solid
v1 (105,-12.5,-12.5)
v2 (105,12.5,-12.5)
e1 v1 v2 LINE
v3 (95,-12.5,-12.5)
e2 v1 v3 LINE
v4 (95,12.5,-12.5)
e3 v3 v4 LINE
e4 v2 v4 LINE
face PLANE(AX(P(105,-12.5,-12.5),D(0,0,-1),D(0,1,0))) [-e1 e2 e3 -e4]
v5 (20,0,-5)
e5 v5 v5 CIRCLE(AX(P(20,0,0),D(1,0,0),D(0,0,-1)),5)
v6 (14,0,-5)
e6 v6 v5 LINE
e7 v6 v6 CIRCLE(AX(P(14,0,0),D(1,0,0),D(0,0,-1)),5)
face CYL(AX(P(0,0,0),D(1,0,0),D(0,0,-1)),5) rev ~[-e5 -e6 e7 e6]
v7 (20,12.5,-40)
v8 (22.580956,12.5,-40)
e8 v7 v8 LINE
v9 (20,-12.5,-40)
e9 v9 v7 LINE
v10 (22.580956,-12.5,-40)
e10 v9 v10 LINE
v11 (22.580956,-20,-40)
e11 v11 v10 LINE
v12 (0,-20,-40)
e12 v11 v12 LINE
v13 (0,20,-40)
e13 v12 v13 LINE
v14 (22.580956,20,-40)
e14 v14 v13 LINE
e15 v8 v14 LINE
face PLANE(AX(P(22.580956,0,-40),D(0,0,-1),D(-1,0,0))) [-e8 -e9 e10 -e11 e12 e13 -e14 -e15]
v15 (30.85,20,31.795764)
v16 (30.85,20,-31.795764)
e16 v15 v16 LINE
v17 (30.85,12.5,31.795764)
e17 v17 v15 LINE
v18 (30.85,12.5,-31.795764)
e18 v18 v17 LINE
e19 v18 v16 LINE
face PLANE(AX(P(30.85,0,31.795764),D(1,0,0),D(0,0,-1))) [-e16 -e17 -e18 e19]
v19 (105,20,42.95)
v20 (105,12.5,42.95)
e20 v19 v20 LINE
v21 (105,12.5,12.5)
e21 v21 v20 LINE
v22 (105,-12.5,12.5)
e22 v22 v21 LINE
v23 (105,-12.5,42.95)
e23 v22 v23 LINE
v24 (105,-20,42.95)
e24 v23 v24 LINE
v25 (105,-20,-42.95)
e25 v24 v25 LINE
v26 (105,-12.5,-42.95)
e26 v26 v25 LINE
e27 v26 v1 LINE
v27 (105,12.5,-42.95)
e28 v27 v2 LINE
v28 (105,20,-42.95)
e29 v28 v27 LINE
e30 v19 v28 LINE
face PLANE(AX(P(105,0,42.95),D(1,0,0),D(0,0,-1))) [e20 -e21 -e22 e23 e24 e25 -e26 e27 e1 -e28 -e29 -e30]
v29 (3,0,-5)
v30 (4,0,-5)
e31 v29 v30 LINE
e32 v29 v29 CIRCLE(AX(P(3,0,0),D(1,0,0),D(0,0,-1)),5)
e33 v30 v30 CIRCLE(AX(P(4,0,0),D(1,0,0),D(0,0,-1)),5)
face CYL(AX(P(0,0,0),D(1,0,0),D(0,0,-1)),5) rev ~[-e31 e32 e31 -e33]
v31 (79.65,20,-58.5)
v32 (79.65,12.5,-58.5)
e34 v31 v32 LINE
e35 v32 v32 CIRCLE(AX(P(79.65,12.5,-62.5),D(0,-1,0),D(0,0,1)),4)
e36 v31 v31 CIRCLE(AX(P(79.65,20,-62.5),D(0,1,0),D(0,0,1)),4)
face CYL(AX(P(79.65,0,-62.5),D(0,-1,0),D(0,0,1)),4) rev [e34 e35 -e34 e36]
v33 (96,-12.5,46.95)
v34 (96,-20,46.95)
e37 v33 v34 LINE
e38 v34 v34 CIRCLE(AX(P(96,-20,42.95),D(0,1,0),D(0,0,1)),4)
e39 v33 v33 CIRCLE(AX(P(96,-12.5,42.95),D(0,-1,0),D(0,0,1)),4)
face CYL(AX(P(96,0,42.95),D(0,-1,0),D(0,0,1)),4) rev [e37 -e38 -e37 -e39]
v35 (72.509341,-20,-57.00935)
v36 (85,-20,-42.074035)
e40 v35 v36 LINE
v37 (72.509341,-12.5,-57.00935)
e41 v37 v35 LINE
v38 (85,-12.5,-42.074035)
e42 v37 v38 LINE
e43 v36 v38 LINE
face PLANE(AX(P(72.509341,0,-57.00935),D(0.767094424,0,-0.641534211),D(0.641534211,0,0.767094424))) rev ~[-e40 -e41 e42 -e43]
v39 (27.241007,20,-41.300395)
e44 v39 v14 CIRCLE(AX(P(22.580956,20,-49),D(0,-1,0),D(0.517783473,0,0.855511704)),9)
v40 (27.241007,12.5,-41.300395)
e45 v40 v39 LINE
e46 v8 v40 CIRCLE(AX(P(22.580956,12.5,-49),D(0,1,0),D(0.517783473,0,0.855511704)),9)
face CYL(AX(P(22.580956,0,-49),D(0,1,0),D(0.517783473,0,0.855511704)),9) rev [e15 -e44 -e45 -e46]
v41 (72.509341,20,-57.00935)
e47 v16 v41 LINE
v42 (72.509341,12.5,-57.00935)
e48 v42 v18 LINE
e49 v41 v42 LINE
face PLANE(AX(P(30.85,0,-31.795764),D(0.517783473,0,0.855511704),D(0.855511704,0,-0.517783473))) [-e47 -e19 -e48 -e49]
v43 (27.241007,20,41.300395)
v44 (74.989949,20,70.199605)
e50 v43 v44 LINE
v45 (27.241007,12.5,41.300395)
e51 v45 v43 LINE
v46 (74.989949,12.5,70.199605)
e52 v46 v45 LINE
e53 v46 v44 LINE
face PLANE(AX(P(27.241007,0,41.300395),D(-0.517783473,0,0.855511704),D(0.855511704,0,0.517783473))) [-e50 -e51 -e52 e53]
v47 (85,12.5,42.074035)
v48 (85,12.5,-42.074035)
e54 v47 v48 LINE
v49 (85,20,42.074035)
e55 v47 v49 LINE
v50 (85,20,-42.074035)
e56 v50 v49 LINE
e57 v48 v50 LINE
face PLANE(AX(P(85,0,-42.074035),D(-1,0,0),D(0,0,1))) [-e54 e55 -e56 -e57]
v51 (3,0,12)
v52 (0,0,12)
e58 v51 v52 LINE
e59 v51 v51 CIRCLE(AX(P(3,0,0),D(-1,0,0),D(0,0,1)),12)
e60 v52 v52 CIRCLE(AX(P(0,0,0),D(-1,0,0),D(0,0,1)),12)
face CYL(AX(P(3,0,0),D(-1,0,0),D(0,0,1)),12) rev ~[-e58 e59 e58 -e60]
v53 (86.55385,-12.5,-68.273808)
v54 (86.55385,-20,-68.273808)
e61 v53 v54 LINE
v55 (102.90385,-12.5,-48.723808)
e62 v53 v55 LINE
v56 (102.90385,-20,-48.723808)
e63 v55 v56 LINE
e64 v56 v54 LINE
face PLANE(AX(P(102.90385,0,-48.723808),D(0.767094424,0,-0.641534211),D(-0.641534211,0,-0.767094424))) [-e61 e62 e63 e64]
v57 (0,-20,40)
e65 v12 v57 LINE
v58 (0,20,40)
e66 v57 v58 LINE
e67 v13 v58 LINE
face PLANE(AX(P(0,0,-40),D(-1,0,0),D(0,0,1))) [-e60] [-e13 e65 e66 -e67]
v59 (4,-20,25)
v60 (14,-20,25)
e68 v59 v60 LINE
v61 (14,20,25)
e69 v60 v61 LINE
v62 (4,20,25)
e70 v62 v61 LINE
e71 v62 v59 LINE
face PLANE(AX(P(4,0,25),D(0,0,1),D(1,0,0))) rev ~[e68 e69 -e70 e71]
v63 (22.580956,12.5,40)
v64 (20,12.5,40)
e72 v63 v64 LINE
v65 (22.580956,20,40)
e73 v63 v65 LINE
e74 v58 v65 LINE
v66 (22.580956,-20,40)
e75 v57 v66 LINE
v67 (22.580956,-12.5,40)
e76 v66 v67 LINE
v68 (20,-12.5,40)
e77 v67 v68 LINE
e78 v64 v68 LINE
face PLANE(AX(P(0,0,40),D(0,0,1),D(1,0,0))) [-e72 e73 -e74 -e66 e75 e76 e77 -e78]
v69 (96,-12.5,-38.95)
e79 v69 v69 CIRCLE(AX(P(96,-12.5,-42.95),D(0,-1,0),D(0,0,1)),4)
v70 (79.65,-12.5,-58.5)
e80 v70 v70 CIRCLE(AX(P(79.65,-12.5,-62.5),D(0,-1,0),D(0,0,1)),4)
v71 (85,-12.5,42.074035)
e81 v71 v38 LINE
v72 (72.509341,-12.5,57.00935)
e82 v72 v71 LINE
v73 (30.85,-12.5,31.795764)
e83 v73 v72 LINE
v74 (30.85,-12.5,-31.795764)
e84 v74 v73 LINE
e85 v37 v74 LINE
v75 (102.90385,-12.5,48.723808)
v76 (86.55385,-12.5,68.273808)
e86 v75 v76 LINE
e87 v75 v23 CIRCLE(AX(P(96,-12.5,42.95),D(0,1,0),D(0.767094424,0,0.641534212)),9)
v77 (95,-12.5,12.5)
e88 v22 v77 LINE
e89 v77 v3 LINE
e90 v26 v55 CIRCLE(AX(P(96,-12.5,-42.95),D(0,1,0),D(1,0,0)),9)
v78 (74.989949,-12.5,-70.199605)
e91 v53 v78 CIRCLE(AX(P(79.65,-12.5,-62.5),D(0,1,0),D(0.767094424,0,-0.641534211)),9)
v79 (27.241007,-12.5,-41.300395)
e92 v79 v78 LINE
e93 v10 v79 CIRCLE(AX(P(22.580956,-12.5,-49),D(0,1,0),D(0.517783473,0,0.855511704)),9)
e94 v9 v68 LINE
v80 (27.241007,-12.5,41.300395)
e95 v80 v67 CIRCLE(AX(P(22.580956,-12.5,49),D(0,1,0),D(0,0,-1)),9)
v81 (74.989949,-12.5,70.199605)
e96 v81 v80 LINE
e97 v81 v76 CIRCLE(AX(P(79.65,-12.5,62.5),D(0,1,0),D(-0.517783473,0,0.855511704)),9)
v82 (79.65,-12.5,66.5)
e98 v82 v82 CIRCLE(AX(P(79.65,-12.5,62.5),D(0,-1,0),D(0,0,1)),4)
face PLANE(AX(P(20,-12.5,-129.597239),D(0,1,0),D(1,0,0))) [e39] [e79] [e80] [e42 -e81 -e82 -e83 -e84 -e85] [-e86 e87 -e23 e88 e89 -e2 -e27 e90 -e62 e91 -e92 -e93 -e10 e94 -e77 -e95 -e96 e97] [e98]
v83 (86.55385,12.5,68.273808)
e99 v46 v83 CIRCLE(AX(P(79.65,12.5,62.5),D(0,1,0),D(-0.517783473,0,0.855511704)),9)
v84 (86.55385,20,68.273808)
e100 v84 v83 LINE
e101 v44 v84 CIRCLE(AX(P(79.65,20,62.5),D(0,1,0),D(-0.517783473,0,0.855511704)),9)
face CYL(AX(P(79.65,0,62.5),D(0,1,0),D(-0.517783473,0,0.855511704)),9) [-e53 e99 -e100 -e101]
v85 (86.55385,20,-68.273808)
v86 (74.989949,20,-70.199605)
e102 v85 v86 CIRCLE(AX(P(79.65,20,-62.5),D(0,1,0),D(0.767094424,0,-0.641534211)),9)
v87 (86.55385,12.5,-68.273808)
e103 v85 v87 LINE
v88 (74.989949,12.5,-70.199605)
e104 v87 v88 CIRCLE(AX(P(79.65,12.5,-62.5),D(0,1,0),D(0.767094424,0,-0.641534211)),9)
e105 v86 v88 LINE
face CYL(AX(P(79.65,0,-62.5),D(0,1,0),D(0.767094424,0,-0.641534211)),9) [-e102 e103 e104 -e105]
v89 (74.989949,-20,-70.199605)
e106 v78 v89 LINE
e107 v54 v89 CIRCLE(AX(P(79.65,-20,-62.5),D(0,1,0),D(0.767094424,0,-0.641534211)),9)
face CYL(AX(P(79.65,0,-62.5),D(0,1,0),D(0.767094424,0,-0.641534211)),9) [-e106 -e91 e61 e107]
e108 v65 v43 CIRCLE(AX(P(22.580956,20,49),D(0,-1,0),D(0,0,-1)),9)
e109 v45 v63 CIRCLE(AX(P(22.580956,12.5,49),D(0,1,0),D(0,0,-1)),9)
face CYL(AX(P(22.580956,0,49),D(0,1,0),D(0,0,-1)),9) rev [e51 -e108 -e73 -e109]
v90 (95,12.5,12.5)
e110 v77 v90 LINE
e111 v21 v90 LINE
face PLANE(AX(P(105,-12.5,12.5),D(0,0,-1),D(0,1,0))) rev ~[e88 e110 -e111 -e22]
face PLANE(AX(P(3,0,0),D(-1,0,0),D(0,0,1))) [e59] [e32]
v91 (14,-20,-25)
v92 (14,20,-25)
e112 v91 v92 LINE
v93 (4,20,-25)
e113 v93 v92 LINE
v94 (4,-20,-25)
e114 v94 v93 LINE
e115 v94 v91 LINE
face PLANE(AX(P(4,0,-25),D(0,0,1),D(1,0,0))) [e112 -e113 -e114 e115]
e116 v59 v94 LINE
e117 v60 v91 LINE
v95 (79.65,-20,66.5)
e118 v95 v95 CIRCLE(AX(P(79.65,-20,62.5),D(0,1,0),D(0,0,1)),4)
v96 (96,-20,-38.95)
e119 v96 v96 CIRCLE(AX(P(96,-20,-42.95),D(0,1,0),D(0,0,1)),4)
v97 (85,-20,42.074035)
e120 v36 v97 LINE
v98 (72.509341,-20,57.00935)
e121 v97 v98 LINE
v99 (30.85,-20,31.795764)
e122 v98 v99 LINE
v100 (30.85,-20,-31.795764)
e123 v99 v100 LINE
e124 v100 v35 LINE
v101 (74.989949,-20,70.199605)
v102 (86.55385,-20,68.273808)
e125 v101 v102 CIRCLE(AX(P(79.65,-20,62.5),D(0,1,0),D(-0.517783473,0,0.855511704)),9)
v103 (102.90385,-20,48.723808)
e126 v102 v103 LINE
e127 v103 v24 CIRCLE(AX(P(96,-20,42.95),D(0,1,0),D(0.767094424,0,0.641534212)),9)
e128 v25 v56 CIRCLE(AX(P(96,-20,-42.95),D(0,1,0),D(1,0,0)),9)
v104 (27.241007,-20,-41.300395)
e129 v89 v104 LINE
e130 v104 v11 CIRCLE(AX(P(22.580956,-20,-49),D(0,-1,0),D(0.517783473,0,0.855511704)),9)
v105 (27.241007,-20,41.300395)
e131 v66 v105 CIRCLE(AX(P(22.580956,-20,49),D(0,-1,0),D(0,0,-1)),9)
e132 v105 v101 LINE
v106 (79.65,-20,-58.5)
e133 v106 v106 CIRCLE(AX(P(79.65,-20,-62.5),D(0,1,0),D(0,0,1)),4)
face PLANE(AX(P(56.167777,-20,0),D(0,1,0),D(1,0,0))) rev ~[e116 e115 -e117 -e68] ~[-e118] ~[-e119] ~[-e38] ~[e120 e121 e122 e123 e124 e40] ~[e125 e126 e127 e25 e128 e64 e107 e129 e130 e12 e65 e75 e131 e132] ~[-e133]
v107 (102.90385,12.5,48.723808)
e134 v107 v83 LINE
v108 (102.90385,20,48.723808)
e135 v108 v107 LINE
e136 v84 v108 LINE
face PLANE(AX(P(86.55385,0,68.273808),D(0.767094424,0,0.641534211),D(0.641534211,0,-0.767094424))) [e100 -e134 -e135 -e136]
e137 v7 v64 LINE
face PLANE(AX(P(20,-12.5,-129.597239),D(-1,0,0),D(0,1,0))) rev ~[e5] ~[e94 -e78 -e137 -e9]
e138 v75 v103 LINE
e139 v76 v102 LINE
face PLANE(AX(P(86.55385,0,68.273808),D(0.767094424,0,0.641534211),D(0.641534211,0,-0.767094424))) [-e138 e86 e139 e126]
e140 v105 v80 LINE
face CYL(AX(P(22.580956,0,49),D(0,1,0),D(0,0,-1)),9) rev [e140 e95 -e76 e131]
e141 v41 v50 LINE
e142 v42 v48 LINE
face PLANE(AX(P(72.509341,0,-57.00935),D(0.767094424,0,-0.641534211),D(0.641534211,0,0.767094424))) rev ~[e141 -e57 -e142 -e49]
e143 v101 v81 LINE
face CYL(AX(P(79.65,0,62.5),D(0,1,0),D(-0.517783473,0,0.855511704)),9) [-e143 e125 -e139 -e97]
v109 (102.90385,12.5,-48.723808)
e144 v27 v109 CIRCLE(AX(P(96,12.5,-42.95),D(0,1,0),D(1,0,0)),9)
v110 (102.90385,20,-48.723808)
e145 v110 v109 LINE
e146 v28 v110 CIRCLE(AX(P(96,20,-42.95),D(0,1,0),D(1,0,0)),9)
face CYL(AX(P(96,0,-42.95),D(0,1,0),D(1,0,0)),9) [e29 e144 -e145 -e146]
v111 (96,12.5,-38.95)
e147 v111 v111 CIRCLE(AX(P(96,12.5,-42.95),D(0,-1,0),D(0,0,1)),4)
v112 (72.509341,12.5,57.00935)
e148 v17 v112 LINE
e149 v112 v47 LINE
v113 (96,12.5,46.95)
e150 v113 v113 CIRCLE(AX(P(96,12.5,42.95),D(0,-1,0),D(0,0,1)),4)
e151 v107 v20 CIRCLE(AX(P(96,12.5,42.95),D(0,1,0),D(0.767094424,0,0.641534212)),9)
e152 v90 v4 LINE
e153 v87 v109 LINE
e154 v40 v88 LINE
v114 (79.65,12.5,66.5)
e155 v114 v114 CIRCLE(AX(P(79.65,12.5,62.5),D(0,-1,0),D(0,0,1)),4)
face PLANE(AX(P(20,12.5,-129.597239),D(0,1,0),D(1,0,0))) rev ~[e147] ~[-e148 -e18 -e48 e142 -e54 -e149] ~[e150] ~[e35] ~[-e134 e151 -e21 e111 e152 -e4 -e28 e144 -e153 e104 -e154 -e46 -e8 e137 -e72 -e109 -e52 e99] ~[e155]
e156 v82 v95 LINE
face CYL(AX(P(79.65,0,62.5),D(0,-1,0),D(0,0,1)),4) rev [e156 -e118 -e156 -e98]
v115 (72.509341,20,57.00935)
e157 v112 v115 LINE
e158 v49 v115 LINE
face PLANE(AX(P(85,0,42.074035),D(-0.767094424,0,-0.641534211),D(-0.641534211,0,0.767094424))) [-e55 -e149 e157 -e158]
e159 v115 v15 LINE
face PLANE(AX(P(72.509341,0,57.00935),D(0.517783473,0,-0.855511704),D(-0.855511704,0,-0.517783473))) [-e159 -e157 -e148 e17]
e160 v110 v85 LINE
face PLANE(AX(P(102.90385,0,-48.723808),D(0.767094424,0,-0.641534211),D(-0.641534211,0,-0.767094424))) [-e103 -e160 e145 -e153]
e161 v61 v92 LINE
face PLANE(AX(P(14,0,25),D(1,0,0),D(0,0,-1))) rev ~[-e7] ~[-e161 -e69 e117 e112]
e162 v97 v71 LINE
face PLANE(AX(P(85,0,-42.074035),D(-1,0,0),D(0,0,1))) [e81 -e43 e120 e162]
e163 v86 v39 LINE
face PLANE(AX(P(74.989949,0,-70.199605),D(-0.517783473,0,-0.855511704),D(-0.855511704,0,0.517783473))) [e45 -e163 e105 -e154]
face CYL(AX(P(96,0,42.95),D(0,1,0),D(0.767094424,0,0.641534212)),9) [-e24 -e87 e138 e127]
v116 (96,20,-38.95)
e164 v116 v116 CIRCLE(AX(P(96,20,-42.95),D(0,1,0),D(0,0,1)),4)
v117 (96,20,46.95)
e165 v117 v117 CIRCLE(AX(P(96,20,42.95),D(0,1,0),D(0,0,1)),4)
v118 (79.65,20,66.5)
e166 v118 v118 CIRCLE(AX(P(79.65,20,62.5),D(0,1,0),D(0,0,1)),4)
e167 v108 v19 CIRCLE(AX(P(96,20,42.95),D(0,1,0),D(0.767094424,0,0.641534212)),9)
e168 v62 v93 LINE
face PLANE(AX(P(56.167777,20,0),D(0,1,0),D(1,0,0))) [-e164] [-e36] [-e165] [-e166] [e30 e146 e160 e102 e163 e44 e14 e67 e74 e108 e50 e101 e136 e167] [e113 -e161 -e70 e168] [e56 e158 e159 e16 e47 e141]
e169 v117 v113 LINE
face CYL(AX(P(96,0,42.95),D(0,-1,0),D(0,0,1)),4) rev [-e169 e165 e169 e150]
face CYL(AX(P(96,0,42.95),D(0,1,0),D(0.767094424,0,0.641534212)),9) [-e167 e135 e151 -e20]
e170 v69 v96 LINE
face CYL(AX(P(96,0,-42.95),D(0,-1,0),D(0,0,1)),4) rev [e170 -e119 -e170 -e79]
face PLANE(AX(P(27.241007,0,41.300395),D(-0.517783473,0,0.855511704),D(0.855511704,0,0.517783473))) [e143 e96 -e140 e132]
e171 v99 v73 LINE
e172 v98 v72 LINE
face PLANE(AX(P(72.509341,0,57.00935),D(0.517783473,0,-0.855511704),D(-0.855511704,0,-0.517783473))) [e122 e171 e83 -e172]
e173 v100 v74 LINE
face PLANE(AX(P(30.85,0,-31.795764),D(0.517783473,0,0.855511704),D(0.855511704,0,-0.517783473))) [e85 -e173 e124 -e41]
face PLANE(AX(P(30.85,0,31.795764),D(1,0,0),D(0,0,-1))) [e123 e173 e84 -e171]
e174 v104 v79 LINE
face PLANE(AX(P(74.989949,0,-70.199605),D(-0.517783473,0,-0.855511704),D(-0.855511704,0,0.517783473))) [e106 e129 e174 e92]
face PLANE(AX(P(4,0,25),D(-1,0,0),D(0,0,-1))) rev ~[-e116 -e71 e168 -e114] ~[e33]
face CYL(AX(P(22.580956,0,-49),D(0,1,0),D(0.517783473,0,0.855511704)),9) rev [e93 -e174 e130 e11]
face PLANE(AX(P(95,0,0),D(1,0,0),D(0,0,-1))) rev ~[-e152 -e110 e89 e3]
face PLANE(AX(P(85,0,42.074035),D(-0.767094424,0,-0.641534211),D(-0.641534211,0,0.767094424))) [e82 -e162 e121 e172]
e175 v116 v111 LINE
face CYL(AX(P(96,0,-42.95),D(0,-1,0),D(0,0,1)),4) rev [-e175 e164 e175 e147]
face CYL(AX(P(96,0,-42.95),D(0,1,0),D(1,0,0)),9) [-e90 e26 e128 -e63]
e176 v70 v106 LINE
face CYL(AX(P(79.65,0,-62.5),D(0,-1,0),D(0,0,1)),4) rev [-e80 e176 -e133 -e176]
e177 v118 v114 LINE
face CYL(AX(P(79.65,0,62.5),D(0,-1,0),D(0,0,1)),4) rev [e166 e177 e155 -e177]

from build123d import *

# Parameters (mm, degrees)
SKETCH1_R               = 4
SKETCH1_W               = 10
SKETCH1_H               = 50
BOSS_EXTRUDE2_DEPTH     = 20
CUT_EXTRUDE1_DEPTH      = 129.597239473
CUT_EXTRUDE1_DEPTH_BACK = 129.597239473
SKETCH4_W               = 85
SKETCH4_H               = 25
SKETCH5_W               = 25
SKETCH5_H               = 25
BOSS_EXTRUDE4_DEPTH     = 10
HOLE1_D                 = 10
HOLE1_DEPTH             = 20
HOLE1_CBORE_D           = 24
HOLE1_CBORE_DEPTH       = 3


with BuildPart() as part:
    # Sketch1 → Boss-Extrude2 (new, symmetric)
    with BuildSketch(Plane(origin=(0, 0, 0), x_dir=(1, 0, 0), z_dir=(0, 1, 0))):
        with BuildLine():
            Line((74.989948747, 70.199605335), (27.241006815, 41.300394665))
            ThreePointArc((27.241006815, 41.300394665), (25, 40.331192469), (22.580955562, 40))
            Line((22.580955562, 40), (0, 40))
            Line((0, 40), (0, -40))
            Line((0, -40), (22.580955562, -40))
            ThreePointArc((22.580955562, -40), (25, -40.331192469), (27.241006815, -41.300394665))
            Line((27.241006815, -41.300394665), (74.989948747, -70.199605335))
            ThreePointArc((74.989948747, -70.199605335), (81.12845593, -71.377734399), (86.553849817, -68.273807903))
            Line((86.553849817, -68.273807903), (102.903849817, -48.723807903))
            ThreePointArc((102.903849817, -48.723807903), (104.459747288, -46.02126616), (105, -42.95))
            Line((105, -42.95), (105, 42.95))
            ThreePointArc((105, 42.95), (104.459747288, 46.02126616), (102.903849817, 48.723807903))
            Line((102.903849817, 48.723807903), (86.553849817, 68.273807903))
            ThreePointArc((86.553849817, 68.273807903), (81.12845593, 71.377734399), (74.989948747, 70.199605335))
        make_face()
        with Locations(Location((79.65, 62.5, 0), (0, 0, 270))):
            Circle(SKETCH1_R, mode=Mode.SUBTRACT)
        with Locations(Location((96, 42.95, 0), (0, 0, 270))):
            Circle(SKETCH1_R, mode=Mode.SUBTRACT)
        with Locations(Location((96, -42.95, 0), (0, 0, 270))):
            Circle(SKETCH1_R, mode=Mode.SUBTRACT)
        with Locations(Location((79.65, -62.5, 0), (0, 0, 270))):
            Circle(SKETCH1_R, mode=Mode.SUBTRACT)
        Polygon((30.85, -31.795763765), (30.85, 31.795763765), (72.509340505, 57.009349846), (85, 42.074035282), (85, -42.074035282), (72.509340505, -57.009349846), align=None, mode=Mode.SUBTRACT)
        with Locations((9, 0)):
            Rectangle(SKETCH1_W, SKETCH1_H, mode=Mode.SUBTRACT)
    extrude(amount=BOSS_EXTRUDE2_DEPTH, both=True)

    # Sketch4 → Cut-Extrude1 (cut, two sides: drawn at the far end of the back side and taken through both)
    with BuildSketch(Plane.XY.offset(-CUT_EXTRUDE1_DEPTH_BACK)):
        with Locations((62.5, 0)):
            Rectangle(SKETCH4_W, SKETCH4_H)
    extrude(amount=CUT_EXTRUDE1_DEPTH + CUT_EXTRUDE1_DEPTH_BACK, mode=Mode.SUBTRACT)

    # Sketch5 → Boss-Extrude4 (add)
    with BuildSketch(Plane(origin=(105, 0, 0), x_dir=(0, 0, -1), z_dir=(1, 0, 0))):
        Rectangle(SKETCH5_W, SKETCH5_H)
    extrude(amount=-BOSS_EXTRUDE4_DEPTH)

    # Hole1
    with Locations(Plane.ZY):
        with Locations((0, 0)):
            CounterBoreHole(HOLE1_D / 2, HOLE1_CBORE_D / 2, HOLE1_CBORE_DEPTH, depth=HOLE1_DEPTH)


solid = part.part
